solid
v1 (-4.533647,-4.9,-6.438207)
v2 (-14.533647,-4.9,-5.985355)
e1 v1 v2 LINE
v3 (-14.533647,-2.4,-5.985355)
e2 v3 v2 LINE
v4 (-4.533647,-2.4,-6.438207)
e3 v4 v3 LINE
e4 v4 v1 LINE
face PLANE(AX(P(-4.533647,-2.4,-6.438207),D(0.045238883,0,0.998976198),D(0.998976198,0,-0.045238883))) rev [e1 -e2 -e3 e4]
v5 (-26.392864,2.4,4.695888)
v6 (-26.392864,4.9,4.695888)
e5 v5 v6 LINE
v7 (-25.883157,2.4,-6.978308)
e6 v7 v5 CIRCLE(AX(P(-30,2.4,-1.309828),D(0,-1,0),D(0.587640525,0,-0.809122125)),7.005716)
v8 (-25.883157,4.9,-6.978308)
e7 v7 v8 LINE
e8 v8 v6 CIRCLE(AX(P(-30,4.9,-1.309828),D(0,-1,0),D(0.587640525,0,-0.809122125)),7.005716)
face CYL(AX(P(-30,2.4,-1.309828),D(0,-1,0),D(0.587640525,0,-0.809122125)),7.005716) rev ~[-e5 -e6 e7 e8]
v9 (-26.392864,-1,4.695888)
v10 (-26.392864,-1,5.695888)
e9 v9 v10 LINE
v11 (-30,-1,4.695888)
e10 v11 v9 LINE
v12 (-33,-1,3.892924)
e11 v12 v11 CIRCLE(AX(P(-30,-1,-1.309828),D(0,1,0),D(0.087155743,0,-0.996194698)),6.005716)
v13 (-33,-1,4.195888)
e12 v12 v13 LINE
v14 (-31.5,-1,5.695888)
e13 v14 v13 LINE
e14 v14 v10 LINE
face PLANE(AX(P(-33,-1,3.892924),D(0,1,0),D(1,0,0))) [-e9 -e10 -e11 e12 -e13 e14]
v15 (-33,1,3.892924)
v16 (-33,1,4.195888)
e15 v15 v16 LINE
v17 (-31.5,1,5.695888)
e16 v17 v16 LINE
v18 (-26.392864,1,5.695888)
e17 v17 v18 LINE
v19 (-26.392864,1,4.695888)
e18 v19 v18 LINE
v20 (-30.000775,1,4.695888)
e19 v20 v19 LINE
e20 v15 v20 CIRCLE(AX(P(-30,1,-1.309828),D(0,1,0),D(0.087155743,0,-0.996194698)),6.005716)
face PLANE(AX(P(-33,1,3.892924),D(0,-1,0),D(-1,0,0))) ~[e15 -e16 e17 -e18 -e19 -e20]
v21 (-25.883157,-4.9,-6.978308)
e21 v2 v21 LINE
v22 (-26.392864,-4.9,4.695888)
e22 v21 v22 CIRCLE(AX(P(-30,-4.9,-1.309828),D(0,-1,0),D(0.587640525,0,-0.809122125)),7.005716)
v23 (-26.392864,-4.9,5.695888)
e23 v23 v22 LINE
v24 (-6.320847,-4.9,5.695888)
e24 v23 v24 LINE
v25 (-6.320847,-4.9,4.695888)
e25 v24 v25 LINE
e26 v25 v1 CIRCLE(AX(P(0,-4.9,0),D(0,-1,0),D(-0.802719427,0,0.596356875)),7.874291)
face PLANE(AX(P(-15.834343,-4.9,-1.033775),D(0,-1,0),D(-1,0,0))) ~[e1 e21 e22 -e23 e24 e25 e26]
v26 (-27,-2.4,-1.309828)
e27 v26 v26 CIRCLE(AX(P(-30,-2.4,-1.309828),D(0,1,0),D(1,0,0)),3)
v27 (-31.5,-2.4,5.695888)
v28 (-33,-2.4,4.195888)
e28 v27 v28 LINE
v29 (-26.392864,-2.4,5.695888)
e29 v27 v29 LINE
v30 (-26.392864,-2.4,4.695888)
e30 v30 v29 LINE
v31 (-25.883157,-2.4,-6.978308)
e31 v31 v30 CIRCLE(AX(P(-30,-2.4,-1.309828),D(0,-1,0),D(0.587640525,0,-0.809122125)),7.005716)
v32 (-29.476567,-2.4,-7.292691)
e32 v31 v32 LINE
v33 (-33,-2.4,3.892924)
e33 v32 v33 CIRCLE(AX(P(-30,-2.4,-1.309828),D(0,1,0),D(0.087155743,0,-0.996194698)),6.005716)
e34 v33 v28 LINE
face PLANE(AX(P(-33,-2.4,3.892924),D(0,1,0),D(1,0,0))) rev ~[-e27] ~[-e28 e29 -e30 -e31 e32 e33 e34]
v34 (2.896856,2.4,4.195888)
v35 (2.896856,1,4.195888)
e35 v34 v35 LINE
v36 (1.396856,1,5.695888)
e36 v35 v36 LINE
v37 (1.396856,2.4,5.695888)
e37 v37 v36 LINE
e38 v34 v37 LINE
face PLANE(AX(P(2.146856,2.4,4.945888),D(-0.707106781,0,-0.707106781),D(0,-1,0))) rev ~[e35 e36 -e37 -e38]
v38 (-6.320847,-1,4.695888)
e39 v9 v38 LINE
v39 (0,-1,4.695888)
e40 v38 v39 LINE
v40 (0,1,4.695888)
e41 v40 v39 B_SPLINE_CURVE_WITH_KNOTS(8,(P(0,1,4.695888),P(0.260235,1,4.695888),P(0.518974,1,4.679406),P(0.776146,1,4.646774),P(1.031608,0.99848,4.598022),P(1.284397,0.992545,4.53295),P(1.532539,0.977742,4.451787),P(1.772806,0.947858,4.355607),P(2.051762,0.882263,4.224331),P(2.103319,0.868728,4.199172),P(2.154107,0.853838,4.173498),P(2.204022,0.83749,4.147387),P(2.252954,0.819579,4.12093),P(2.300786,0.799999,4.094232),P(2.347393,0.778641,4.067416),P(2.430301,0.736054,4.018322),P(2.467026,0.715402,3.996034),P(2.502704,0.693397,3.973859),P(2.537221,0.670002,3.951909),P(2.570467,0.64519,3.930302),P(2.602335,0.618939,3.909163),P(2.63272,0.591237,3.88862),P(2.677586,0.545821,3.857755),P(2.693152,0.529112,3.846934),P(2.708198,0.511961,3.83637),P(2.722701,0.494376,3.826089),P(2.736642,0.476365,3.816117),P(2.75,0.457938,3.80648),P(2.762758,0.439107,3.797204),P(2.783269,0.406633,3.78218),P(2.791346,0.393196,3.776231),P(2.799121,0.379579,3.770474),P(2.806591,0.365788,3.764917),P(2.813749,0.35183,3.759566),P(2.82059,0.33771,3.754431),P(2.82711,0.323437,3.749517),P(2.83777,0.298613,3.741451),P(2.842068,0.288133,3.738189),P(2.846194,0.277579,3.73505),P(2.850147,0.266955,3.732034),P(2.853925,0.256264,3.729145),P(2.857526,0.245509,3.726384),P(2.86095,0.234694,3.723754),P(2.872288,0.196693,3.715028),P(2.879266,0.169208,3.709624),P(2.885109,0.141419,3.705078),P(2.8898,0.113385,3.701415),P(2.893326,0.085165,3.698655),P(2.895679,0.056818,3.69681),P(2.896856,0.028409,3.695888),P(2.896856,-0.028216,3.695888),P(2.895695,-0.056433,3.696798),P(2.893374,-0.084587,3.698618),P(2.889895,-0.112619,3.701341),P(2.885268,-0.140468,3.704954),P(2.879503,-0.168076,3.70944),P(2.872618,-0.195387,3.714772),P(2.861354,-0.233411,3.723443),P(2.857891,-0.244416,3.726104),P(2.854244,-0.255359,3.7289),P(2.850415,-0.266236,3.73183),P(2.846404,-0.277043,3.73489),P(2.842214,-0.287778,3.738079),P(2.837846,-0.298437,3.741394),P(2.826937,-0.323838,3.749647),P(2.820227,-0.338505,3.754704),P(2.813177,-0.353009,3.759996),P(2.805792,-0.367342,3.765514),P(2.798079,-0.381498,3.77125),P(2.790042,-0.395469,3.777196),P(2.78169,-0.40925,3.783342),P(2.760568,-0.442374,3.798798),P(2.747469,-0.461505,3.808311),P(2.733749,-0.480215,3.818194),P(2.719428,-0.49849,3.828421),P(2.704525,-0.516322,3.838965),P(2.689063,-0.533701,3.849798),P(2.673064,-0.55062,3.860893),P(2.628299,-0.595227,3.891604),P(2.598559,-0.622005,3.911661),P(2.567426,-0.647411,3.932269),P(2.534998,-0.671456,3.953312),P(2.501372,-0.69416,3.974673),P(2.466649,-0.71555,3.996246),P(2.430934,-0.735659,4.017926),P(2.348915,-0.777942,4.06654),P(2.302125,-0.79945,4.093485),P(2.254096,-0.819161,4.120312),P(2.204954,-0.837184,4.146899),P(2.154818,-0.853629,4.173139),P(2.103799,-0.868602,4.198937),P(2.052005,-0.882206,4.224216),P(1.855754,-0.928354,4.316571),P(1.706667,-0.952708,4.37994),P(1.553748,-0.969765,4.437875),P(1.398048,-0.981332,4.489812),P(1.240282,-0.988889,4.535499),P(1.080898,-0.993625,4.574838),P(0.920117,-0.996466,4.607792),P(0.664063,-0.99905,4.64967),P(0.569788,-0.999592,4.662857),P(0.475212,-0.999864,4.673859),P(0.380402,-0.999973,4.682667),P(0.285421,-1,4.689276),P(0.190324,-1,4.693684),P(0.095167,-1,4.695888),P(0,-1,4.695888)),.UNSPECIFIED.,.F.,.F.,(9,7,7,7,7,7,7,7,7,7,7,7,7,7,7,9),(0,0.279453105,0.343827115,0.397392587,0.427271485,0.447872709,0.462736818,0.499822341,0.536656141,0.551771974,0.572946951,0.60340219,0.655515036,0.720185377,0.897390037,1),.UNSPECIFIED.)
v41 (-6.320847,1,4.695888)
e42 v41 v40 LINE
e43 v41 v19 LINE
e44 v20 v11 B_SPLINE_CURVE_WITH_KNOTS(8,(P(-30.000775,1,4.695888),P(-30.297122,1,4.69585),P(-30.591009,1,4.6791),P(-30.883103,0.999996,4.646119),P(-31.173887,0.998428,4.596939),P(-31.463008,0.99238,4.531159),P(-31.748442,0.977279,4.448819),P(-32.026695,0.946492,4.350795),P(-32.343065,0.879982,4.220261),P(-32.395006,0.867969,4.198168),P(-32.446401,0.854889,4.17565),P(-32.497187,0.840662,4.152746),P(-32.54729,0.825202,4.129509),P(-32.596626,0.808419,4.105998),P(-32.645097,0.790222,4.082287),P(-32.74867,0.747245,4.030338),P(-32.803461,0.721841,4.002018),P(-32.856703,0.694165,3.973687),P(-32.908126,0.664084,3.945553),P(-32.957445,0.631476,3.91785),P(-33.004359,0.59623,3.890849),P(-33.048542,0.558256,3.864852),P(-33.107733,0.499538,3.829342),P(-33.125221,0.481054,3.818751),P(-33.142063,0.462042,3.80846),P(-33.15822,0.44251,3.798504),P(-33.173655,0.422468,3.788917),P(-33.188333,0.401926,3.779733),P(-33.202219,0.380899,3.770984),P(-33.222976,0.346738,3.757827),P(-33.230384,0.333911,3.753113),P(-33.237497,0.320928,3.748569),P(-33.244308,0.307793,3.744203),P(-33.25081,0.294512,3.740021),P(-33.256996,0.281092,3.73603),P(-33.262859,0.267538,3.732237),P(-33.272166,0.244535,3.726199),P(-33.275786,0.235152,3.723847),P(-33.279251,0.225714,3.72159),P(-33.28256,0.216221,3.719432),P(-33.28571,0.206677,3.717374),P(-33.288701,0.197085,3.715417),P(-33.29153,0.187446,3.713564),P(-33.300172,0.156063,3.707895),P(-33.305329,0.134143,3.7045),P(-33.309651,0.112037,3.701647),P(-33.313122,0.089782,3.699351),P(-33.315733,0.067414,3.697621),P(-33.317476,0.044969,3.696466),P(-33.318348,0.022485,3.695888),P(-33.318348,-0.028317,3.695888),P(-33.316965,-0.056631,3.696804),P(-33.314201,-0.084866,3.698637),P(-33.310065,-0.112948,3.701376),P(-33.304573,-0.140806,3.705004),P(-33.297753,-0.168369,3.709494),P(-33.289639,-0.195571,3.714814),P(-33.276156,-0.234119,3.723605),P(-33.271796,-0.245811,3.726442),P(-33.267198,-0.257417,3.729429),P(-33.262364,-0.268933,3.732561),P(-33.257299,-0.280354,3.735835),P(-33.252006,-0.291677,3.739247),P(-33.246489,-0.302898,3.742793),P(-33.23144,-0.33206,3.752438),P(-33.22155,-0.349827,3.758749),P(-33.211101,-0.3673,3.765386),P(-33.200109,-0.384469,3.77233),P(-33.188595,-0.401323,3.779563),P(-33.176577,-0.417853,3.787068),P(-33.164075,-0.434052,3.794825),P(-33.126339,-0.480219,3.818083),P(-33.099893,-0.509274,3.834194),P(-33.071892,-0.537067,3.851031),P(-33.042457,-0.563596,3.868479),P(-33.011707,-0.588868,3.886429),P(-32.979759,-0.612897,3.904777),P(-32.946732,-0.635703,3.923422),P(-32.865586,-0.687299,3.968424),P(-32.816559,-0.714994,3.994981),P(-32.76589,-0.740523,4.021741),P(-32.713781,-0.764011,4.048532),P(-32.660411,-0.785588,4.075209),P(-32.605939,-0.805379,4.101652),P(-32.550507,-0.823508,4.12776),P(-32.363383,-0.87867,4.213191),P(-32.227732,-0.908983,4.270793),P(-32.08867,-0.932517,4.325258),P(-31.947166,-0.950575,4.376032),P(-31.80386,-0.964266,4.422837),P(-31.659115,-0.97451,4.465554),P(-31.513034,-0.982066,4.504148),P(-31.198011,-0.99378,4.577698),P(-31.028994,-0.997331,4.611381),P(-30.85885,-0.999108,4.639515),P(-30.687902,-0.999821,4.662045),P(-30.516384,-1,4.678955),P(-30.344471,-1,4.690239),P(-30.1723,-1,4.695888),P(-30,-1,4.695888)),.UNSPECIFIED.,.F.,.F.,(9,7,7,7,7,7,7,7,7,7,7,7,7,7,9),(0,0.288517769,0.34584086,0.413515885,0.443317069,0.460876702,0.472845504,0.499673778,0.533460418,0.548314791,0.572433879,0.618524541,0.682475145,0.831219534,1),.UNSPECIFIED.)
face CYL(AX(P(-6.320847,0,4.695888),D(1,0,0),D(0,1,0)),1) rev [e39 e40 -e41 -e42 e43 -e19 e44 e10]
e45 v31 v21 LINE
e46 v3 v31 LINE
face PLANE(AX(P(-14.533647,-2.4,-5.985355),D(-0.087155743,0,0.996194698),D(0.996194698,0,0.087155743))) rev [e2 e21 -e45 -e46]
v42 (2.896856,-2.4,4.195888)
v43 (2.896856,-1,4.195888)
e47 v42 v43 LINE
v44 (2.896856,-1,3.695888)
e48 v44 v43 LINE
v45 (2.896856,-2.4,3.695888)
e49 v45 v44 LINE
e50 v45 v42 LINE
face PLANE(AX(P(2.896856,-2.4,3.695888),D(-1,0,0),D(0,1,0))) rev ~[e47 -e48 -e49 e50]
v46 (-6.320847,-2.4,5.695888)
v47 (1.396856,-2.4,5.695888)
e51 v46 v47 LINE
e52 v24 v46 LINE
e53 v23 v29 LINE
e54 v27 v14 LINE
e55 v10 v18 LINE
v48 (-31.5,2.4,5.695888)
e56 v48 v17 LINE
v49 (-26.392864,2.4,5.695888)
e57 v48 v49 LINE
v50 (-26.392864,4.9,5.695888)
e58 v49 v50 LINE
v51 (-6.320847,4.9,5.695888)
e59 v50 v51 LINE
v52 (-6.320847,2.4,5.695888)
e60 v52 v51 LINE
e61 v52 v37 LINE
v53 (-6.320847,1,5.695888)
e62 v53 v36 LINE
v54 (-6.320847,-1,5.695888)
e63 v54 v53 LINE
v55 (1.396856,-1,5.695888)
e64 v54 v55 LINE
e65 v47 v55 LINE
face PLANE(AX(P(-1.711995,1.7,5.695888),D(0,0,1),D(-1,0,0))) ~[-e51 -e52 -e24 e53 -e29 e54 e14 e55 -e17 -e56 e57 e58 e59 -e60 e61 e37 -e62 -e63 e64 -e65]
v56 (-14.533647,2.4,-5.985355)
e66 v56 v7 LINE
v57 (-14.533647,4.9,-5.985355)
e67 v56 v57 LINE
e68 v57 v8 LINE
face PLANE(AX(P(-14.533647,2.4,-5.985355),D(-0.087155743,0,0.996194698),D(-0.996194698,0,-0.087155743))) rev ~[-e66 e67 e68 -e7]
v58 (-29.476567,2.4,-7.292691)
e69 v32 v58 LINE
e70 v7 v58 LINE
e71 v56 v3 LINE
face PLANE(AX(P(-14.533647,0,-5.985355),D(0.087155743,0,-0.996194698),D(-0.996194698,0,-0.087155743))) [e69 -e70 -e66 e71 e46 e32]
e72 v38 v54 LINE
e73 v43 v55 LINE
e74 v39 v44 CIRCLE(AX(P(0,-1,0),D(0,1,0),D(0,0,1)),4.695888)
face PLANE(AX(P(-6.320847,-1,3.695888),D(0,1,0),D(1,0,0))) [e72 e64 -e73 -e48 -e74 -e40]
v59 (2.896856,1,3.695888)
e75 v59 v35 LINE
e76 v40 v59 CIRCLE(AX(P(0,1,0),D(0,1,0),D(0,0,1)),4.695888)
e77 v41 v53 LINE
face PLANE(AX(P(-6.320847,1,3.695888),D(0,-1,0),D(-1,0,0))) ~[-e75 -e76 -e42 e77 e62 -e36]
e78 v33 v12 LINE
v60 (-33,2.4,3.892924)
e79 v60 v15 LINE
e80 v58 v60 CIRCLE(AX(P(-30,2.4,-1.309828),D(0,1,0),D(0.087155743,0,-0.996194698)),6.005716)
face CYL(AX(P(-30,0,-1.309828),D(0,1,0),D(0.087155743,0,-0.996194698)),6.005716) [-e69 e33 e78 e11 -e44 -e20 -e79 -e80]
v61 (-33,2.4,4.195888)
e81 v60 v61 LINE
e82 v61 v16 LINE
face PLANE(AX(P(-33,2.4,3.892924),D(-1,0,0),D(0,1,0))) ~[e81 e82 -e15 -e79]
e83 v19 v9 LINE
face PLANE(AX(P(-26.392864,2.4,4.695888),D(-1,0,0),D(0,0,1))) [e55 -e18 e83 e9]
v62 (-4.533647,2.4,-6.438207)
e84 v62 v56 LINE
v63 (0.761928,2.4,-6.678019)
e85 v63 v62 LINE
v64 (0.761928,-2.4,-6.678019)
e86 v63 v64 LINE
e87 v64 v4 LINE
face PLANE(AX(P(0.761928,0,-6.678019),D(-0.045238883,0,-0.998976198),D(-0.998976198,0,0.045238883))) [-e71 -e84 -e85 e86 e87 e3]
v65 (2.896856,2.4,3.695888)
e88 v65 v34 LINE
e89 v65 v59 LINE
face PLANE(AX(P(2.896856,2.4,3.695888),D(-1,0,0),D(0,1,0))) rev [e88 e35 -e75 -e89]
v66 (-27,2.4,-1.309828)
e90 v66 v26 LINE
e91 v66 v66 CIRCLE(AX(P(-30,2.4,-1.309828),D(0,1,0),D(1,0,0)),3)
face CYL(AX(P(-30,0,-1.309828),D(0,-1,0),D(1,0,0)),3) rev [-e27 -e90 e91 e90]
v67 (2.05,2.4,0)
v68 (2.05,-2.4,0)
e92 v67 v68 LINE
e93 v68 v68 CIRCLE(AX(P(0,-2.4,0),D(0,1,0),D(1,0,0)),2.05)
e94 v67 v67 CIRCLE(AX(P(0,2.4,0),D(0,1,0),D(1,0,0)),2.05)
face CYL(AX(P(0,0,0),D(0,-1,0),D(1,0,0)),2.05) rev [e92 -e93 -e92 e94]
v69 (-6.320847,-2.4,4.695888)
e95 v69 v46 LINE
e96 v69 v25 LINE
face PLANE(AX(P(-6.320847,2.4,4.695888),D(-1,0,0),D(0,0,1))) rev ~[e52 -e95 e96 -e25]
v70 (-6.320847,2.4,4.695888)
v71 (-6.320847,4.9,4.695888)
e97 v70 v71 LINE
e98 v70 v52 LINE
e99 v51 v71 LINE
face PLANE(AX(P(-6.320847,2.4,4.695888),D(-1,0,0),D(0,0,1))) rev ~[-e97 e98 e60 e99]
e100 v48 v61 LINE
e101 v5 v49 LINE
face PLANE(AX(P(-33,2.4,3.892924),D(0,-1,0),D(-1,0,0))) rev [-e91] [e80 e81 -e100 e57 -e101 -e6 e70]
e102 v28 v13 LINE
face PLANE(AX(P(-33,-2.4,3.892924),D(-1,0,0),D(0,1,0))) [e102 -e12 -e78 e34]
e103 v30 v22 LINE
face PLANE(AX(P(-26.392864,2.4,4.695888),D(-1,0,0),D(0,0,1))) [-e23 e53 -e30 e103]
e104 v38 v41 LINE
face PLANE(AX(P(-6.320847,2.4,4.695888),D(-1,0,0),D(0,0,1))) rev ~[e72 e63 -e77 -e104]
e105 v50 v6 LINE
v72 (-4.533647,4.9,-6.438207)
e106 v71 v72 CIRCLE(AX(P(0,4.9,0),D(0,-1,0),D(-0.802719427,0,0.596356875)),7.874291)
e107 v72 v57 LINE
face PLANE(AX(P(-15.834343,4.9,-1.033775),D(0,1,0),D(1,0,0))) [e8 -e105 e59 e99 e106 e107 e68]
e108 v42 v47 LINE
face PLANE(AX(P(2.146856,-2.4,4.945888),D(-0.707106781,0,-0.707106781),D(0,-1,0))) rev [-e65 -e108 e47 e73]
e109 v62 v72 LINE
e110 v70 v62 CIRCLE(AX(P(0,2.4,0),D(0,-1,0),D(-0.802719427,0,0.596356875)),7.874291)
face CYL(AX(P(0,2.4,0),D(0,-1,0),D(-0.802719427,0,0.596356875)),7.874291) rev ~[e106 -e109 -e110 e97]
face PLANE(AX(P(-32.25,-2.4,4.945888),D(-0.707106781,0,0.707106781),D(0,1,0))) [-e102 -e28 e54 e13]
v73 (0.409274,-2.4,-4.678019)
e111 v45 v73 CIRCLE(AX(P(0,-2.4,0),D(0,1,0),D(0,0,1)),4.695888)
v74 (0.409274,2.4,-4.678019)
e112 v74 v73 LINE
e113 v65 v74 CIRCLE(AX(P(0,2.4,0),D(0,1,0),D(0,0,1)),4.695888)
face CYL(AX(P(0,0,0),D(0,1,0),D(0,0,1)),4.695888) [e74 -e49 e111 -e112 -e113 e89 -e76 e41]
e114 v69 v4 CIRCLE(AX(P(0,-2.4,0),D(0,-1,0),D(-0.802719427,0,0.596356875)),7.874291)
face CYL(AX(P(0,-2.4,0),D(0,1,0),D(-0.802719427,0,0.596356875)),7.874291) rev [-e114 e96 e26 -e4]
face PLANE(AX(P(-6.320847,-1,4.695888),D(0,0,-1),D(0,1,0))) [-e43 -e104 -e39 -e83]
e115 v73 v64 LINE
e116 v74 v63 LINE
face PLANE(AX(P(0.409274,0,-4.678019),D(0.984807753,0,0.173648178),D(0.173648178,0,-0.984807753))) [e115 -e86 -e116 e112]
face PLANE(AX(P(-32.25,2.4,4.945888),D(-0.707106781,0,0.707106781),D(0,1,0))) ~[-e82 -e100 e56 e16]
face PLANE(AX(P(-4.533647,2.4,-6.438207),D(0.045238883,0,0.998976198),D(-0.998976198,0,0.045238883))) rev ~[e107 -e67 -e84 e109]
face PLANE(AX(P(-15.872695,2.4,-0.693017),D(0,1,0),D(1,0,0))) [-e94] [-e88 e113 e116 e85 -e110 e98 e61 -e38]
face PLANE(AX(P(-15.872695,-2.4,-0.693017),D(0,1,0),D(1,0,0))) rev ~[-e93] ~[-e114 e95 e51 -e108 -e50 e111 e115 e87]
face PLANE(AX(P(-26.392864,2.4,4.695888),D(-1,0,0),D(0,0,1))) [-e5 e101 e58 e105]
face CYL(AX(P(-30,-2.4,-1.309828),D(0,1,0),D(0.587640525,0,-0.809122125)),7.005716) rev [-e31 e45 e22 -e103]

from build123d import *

# Parameters (mm, degrees)
BOSS_EXTRUDE1_DEPTH             = 2.4
BOSS_EXTRUDE1_DEPTH_BACK        = 2.4
SKETCH2_R                       = 2.05
SKETCH2_R_2                     = 3
BOSS_EXTRUDE3_DEPTH             = 2.5
BOSS_EXTRUDE4_REACH             = 39.46
SKETCH11_W                      = 20.072017009
SKETCH11_H                      = 1
CUT_EXTRUDE1_REACH              = 32.963
CUT_EXTRUDE1_DIRECTION_2_REACH  = 32.963
BOSS_EXTRUDE5_REACH             = 40.271
SKETCH14_W                      = 6.607136291
SKETCH14_H                      = 1.4
BOSS_EXTRUDE5_DIRECTION_2_REACH = 40.271
BOSS_EXTRUDE6_REACH             = 40.271
SKETCH16_W                      = 9.217702834
SKETCH16_H                      = 1.4
BOSS_EXTRUDE6_DIRECTION_2_REACH = 40.271
CHAMFER1_SIZE                   = 1.5
CHAMFER1_OF_MIRROR2_SIZE        = 1.5


with BuildPart() as part:
    # Sketch2 → Boss-Extrude1 (new, two sides: drawn at the far end of the back side and taken through both)
    with BuildSketch(Plane(origin=(0, 0, 0), x_dir=(1, 0, 0), z_dir=(0, 1, 0)).offset(-BOSS_EXTRUDE1_DEPTH_BACK)):
        with BuildLine():
            Line((-30, -4.695887824), (0, -4.695887824))
            ThreePointArc((0, -4.695887824), (4.691418379, -0.20483175), (0.409273591, 4.678018553))
            Line((0.409273591, 4.678018553), (0.761927553, 6.678018553))
            Line((0.761927553, 6.678018553), (-14.53364688, 5.985354694))
            Line((-14.53364688, 5.985354694), (-29.476567352, 7.292690835))
            ThreePointArc((-29.476567352, 7.292690835), (-36, 1.571793945), (-30, -4.695887824))
        make_face()
        Circle(SKETCH2_R, mode=Mode.SUBTRACT)
        with Locations((-30, 1.309828287)):
            Circle(SKETCH2_R_2, mode=Mode.SUBTRACT)
    extrude(amount=BOSS_EXTRUDE1_DEPTH + BOSS_EXTRUDE1_DEPTH_BACK)

    # Sketch10 → Boss-Extrude3 (add)
    with BuildSketch(Plane(origin=(0, 2.4, 0), x_dir=(1, 0, 0), z_dir=(0, 1, 0))):
        with BuildLine():
            ThreePointArc((-25.883157303, 6.978308193), (-23.000951778, 1.004243242), (-26.392863709, -4.695887824))
            Line((-26.392863709, -4.695887824), (-26.392863709, -5.695887824))
            Line((-26.392863709, -5.695887824), (-6.3208467, -5.695887824))
            Line((-6.3208467, -5.695887824), (-6.3208467, -4.695887824))
            ThreePointArc((-6.3208467, -4.695887824), (-7.774768517, 1.247974345), (-4.53364688, 6.438207159))
            Line((-4.53364688, 6.438207159), (-14.53364688, 5.985354694))
            Line((-14.53364688, 5.985354694), (-25.883157303, 6.978308193))
        make_face()
    boss_extrude3 = extrude(amount=BOSS_EXTRUDE3_DEPTH)

    # Mirror1: Boss-Extrude3 across plane
    add(boss_extrude3.mirror(Plane.ZX))

    # Sketch11 → Boss-Extrude4 (add, up to next)
    with BuildSketch(Plane.XZ.offset(-2.4), mode=Mode.PRIVATE) as boss_extrude4_sk1:
        with Locations((-16.356855205, 5.195887824)):
            Rectangle(SKETCH11_W, SKETCH11_H)
    boss_extrude4_tool1 = extrude(boss_extrude4_sk1.sketch, amount=BOSS_EXTRUDE4_REACH, mode=Mode.PRIVATE) - part.part
    add(boss_extrude4_tool1.solids().sort_by_distance((-16.356855, 2.4, 5.195888))[0])

    # Sketch13 → Cut-Extrude1 (cut, up to next)
    with BuildSketch(Plane(origin=(-6.3208467, 0, 0), x_dir=(0, 0, -1), z_dir=(1, 0, 0)), mode=Mode.PRIVATE) as cut_extrude1_sk1:
        with BuildLine():
            Line((-4.695887824, -1), (-4.695887824, 1))
            ThreePointArc((-4.695887824, 1), (-3.695887824, 0), (-4.695887824, -1))
        make_face()
    cut_extrude1_tool1 = extrude(cut_extrude1_sk1.sketch, amount=-CUT_EXTRUDE1_REACH, mode=Mode.PRIVATE) & part.part
    add(cut_extrude1_tool1.solids().sort_by_distance((-6.320847, 0, 4.271475))[0], mode=Mode.SUBTRACT)

    # Sketch13 → Cut-Extrude1 direction 2 (cut, up to next)
    with BuildSketch(Plane(origin=(-6.3208467, 0, 0), x_dir=(0, 0, -1), z_dir=(1, 0, 0)), mode=Mode.PRIVATE) as cut_extrude1_direction_2_sk1:
        with BuildLine():
            Line((-4.695887824, -1), (-4.695887824, 1))
            ThreePointArc((-4.695887824, 1), (-3.695887824, 0), (-4.695887824, -1))
        make_face()
    cut_extrude1_direction_2_tool1 = extrude(cut_extrude1_direction_2_sk1.sketch, amount=CUT_EXTRUDE1_DIRECTION_2_REACH, mode=Mode.PRIVATE) & part.part
    add(cut_extrude1_direction_2_tool1.solids().sort_by_distance((-6.320847, 0, 4.271475))[0], mode=Mode.SUBTRACT)

    # Boss-Extrude5: up to this face of the body (flat: up to its plane)
    boss_extrude5_end = Plane(part.part.faces().sort_by_distance((-16.356855205, 0, 5.695887824))[0])
    # Sketch14 → Boss-Extrude5 (add, up to the picked face)
    with BuildSketch(Plane.XY.offset(4.695887824), mode=Mode.PRIVATE) as boss_extrude5_sk1:
        with Locations((-29.696431854, -1.7)):
            Rectangle(SKETCH14_W, SKETCH14_H)
    boss_extrude5_tool1 = split(extrude(boss_extrude5_sk1.sketch, amount=BOSS_EXTRUDE5_REACH, mode=Mode.PRIVATE), bisect_by=boss_extrude5_end, keep=Keep.BOTH, mode=Mode.PRIVATE)
    boss_extrude5 = boss_extrude5_tool1.solids().sort_by(Axis((-29.696432, -1.7, 4.695888), (0, 0, 1)))[0]
    add(boss_extrude5)

    # Sketch14 → Boss-Extrude5 direction 2 (add, up to next)
    with BuildSketch(Plane.XY.offset(4.695887824), mode=Mode.PRIVATE) as boss_extrude5_direction_2_sk1:
        with Locations((-29.696431854, -1.7)):
            Rectangle(SKETCH14_W, SKETCH14_H)
    boss_extrude5_direction_2_tool1 = extrude(boss_extrude5_direction_2_sk1.sketch, amount=-BOSS_EXTRUDE5_DIRECTION_2_REACH, mode=Mode.PRIVATE) - part.part
    boss_extrude5_direction_2 = boss_extrude5_direction_2_tool1.solids().sort_by_distance((-29.696432, -1.7, 4.695888))[0]
    add(boss_extrude5_direction_2)

    # Boss-Extrude6: up to this face of the body (flat: up to its plane)
    boss_extrude6_end = Plane(part.part.faces().sort_by_distance((-16.955969125, -0.076351274, 5.695887824))[0])
    # Sketch16 → Boss-Extrude6 (add, up to the picked face)
    with BuildSketch(Plane.XY.offset(4.695887824), mode=Mode.PRIVATE) as boss_extrude6_sk1:
        with Locations((-1.711995283, -1.7)):
            Rectangle(SKETCH16_W, SKETCH16_H)
    boss_extrude6_tool1 = split(extrude(boss_extrude6_sk1.sketch, amount=BOSS_EXTRUDE6_REACH, mode=Mode.PRIVATE), bisect_by=boss_extrude6_end, keep=Keep.BOTH, mode=Mode.PRIVATE)
    boss_extrude6 = boss_extrude6_tool1.solids().sort_by(Axis((-1.711995, -1.7, 4.695888), (0, 0, 1)))[0]
    add(boss_extrude6)

    # Sketch16 → Boss-Extrude6 direction 2 (add, up to next)
    with BuildSketch(Plane.XY.offset(4.695887824), mode=Mode.PRIVATE) as boss_extrude6_direction_2_sk1:
        with Locations((-1.711995283, -1.7)):
            Rectangle(SKETCH16_W, SKETCH16_H)
    boss_extrude6_direction_2_tool1 = extrude(boss_extrude6_direction_2_sk1.sketch, amount=-BOSS_EXTRUDE6_DIRECTION_2_REACH, mode=Mode.PRIVATE) - part.part
    boss_extrude6_direction_2 = boss_extrude6_direction_2_tool1.solids().sort_by_distance((-1.711995, -1.7, 4.695888))[0]
    add(boss_extrude6_direction_2)

    # Chamfer1
    chamfer1_edges = [part.edges().sort_by_distance(p)[0] for p in [
        (-33, -1.7, 5.695887824),
        (2.896856134, -1.7, 5.695887824),
    ]]
    chamfer(chamfer1_edges, length=CHAMFER1_SIZE)

    # Mirror2: Boss-Extrude5, Boss-Extrude5 direction 2, Boss-Extrude6, Boss-Extrude6 direction 2 across plane
    add(boss_extrude5.mirror(Plane.ZX))
    add(boss_extrude5_direction_2.mirror(Plane.ZX))
    add(boss_extrude6.mirror(Plane.ZX))
    add(boss_extrude6_direction_2.mirror(Plane.ZX))

    # Chamfer1 of Mirror2
    chamfer1_of_mirror2_edges = [part.edges().sort_by_distance(p)[0] for p in [
        (-33, 1.7, 5.695887824),
        (2.896856134, 1.7, 5.695887824),
    ]]
    chamfer(chamfer1_of_mirror2_edges, length=CHAMFER1_OF_MIRROR2_SIZE)


solid = part.part
